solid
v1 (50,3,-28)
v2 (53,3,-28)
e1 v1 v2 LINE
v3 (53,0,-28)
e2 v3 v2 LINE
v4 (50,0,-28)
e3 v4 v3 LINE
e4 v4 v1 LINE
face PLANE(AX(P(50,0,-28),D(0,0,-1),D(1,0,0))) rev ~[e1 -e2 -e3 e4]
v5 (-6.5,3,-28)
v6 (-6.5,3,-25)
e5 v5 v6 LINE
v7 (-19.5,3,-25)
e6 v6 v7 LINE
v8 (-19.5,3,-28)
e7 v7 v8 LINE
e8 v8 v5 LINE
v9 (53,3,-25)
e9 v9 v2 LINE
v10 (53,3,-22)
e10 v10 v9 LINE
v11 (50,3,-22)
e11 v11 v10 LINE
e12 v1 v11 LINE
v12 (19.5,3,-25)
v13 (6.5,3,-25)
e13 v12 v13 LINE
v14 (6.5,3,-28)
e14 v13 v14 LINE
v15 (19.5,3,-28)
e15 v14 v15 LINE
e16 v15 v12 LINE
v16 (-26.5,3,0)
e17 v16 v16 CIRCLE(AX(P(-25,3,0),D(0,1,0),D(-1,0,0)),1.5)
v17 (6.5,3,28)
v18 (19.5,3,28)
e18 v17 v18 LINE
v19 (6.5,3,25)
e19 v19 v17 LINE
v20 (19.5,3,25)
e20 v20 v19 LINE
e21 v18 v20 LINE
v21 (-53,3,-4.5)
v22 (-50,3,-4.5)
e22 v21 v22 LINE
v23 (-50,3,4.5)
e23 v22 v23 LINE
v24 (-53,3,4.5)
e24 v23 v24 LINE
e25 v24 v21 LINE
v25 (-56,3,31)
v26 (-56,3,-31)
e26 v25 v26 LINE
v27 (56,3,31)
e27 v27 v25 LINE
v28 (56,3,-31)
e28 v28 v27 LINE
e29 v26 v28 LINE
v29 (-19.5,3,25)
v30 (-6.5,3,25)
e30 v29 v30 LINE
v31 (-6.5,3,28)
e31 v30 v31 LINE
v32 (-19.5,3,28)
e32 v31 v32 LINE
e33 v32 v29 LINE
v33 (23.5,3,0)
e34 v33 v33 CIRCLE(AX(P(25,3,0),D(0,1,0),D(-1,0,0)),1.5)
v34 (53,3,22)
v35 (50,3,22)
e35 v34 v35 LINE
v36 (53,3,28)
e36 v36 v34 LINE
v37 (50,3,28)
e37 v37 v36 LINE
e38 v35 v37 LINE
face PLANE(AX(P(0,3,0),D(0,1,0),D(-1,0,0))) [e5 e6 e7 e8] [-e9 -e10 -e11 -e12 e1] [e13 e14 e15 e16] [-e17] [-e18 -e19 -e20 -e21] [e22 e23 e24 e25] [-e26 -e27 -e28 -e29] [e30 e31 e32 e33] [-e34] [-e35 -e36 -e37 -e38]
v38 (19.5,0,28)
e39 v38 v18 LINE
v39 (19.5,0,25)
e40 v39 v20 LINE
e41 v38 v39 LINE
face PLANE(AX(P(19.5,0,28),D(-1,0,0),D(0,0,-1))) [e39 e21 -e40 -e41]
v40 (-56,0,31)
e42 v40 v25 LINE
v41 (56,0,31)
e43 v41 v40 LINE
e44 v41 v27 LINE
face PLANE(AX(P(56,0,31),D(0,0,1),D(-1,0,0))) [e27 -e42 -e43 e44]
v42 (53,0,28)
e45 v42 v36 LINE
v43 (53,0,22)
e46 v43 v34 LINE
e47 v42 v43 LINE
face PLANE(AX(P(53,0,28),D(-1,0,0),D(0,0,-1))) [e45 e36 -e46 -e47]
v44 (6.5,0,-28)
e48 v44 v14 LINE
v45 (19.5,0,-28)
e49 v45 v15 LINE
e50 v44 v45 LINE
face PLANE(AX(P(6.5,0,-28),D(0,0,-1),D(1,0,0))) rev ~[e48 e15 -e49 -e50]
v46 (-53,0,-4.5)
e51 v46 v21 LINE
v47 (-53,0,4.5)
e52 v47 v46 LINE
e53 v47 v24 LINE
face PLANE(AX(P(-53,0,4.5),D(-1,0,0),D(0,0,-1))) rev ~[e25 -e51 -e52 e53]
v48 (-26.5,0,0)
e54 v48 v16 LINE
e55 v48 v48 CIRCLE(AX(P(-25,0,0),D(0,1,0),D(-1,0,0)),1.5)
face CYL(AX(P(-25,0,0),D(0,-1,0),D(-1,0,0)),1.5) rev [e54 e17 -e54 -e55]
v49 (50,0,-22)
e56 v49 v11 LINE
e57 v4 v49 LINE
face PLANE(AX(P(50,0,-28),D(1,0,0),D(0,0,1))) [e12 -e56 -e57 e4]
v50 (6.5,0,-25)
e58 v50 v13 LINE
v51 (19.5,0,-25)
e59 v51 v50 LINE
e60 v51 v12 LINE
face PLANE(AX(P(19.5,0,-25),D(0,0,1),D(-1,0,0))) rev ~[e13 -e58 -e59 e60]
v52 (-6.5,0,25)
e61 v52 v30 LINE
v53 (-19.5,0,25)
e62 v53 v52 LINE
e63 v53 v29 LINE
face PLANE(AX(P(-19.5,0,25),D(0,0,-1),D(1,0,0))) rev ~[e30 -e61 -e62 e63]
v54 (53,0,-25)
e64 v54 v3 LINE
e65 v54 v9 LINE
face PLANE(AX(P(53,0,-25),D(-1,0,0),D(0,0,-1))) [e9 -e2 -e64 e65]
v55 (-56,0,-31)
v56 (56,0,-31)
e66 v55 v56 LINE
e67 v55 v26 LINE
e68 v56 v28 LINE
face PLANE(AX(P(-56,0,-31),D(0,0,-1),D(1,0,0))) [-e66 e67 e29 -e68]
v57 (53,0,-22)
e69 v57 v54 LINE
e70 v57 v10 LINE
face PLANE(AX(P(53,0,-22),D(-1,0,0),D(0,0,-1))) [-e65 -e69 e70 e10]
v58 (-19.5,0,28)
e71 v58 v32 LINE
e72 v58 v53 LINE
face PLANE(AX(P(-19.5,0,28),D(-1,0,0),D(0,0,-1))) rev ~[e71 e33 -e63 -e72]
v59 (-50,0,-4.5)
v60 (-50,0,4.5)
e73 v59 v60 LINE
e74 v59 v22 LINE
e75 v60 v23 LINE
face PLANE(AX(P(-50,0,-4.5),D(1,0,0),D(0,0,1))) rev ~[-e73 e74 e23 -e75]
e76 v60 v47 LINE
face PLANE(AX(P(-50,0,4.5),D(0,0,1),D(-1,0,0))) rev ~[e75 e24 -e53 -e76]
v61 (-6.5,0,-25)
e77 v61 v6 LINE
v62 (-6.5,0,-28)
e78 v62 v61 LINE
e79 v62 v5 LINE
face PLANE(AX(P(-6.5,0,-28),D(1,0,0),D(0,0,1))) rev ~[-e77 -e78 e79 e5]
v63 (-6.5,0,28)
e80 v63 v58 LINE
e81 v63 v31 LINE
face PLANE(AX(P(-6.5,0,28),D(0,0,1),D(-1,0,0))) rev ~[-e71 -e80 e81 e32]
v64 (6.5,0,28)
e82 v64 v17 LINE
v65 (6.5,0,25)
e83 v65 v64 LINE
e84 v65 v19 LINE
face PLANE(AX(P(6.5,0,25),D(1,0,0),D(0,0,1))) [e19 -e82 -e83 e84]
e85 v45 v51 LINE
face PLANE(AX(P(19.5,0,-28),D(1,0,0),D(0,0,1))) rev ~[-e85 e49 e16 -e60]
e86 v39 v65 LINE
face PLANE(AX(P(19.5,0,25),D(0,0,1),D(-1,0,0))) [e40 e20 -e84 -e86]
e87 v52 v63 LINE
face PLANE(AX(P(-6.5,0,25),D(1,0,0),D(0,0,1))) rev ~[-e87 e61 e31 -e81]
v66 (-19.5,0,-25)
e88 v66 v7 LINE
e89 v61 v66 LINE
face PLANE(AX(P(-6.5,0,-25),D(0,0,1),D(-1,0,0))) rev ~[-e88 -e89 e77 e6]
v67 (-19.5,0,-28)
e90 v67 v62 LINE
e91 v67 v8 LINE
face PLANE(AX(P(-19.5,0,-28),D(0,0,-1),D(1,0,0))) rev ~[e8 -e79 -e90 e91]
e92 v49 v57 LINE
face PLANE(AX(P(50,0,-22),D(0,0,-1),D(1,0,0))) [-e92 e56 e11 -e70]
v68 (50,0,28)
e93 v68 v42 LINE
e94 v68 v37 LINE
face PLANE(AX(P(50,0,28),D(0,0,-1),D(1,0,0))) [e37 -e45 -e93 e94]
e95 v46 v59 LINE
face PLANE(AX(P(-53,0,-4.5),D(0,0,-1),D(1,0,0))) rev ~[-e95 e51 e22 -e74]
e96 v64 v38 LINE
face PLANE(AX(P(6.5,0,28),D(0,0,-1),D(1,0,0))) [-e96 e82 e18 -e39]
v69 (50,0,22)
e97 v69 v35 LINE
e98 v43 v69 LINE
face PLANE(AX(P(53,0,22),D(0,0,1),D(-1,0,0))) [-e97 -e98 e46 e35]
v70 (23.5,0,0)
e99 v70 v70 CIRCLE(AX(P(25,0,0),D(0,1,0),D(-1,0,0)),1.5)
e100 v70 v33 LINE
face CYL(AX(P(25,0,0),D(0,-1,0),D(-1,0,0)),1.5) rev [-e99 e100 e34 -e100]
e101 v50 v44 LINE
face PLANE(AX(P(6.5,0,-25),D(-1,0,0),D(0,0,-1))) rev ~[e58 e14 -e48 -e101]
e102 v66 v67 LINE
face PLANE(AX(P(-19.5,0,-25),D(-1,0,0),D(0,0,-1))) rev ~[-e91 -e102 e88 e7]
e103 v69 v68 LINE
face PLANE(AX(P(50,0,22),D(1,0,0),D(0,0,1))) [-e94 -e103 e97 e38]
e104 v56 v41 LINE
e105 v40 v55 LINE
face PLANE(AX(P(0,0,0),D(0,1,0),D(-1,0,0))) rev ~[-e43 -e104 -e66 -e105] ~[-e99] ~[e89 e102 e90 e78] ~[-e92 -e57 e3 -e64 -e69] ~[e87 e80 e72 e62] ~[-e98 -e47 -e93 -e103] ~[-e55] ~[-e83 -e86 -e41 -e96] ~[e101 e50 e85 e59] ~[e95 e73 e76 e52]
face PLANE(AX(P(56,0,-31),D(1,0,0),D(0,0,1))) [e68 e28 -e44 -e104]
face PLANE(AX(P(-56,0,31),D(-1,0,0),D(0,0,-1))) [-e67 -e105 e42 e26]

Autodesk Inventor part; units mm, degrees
ref_plane "YZ Plane" through (0, 0, 0) normal (1, 0, 0) x (0, 1, 0)
ref_plane "XZ Plane" through (0, 0, 0) normal (0, 1, 0) x (-1, 0, 0)
ref_plane "XY Plane" through (0, 0, 0) normal (0, 0, 1) x (1, 0, 0)
sketch "Boceto1" plane through (0, 0, 0) normal (0, 1, 0) x (-1, 0, 0)
  line L0 (-50, 28) -> (-53, 28)
  line L1 (-50, -28) -> (-50, -22)
  line L2 (-50, -28) -> (-53, -28)
  circle A0 centre (-25, 0) radius 1.5
  circle A1 centre (25, 0) radius 1.5
  line L3 (-53, -25) -> (-53, -28)
  line L4 (-53, -22) -> (-53, -25)
  line L5 (-50, -22) -> (-53, -22)
  line L6 (-50, -28) -> (-50, -22)
  line L7 (-53, -25) -> (-53, -28)
  line L8 (-53, -22) -> (-53, -25)
  line L9 (53, 4.5) -> (53, -4.5)
  line L10 (50, 4.5) -> (53, 4.5)
  line L11 (50, -4.5) -> (50, 4.5)
  line L12 (53, -4.5) -> (50, -4.5)
  line L13 (-50, 22) -> (-50, 28)
  line L14 (-53, 22) -> (-50, 22)
  line L15 (-53, 28) -> (-53, 22)
  line L16 (-50, 28) -> (-53, 28)
  line L17 (19.5, 28) -> (19.5, 25)
  line L18 (6.5, 28) -> (19.5, 28)
  line L19 (6.5, 25) -> (6.5, 28)
  line L20 (19.5, 25) -> (6.5, 25)
  line L21 (56, 31) -> (56, -31)
  line L22 (-56, 31) -> (56, 31)
  line L23 (-56, -31) -> (-56, 31)
  line L24 (56, -31) -> (-56, -31)
  line L25 (-19.5, 28) -> (-19.5, 25)
  line L26 (-6.5, 28) -> (-19.5, 28)
  line L27 (-6.5, 25) -> (-6.5, 28)
  line L28 (-19.5, 25) -> (-6.5, 25)
  line L29 (-19.5, -28) -> (-19.5, -25)
  line L30 (-6.5, -28) -> (-19.5, -28)
  line L31 (-6.5, -25) -> (-6.5, -28)
  line L32 (-19.5, -25) -> (-6.5, -25)
  line L33 (19.5, -25) -> (19.5, -28)
  line L34 (6.5, -25) -> (19.5, -25)
  line L35 (6.5, -28) -> (6.5, -25)
  line L36 (19.5, -28) -> (6.5, -28)
extrude "Extrusión1" add sketch "Boceto1" along normal blind 3
properties part number "Case_Base2" material "MDF Tablero de fibras de densidad media"
